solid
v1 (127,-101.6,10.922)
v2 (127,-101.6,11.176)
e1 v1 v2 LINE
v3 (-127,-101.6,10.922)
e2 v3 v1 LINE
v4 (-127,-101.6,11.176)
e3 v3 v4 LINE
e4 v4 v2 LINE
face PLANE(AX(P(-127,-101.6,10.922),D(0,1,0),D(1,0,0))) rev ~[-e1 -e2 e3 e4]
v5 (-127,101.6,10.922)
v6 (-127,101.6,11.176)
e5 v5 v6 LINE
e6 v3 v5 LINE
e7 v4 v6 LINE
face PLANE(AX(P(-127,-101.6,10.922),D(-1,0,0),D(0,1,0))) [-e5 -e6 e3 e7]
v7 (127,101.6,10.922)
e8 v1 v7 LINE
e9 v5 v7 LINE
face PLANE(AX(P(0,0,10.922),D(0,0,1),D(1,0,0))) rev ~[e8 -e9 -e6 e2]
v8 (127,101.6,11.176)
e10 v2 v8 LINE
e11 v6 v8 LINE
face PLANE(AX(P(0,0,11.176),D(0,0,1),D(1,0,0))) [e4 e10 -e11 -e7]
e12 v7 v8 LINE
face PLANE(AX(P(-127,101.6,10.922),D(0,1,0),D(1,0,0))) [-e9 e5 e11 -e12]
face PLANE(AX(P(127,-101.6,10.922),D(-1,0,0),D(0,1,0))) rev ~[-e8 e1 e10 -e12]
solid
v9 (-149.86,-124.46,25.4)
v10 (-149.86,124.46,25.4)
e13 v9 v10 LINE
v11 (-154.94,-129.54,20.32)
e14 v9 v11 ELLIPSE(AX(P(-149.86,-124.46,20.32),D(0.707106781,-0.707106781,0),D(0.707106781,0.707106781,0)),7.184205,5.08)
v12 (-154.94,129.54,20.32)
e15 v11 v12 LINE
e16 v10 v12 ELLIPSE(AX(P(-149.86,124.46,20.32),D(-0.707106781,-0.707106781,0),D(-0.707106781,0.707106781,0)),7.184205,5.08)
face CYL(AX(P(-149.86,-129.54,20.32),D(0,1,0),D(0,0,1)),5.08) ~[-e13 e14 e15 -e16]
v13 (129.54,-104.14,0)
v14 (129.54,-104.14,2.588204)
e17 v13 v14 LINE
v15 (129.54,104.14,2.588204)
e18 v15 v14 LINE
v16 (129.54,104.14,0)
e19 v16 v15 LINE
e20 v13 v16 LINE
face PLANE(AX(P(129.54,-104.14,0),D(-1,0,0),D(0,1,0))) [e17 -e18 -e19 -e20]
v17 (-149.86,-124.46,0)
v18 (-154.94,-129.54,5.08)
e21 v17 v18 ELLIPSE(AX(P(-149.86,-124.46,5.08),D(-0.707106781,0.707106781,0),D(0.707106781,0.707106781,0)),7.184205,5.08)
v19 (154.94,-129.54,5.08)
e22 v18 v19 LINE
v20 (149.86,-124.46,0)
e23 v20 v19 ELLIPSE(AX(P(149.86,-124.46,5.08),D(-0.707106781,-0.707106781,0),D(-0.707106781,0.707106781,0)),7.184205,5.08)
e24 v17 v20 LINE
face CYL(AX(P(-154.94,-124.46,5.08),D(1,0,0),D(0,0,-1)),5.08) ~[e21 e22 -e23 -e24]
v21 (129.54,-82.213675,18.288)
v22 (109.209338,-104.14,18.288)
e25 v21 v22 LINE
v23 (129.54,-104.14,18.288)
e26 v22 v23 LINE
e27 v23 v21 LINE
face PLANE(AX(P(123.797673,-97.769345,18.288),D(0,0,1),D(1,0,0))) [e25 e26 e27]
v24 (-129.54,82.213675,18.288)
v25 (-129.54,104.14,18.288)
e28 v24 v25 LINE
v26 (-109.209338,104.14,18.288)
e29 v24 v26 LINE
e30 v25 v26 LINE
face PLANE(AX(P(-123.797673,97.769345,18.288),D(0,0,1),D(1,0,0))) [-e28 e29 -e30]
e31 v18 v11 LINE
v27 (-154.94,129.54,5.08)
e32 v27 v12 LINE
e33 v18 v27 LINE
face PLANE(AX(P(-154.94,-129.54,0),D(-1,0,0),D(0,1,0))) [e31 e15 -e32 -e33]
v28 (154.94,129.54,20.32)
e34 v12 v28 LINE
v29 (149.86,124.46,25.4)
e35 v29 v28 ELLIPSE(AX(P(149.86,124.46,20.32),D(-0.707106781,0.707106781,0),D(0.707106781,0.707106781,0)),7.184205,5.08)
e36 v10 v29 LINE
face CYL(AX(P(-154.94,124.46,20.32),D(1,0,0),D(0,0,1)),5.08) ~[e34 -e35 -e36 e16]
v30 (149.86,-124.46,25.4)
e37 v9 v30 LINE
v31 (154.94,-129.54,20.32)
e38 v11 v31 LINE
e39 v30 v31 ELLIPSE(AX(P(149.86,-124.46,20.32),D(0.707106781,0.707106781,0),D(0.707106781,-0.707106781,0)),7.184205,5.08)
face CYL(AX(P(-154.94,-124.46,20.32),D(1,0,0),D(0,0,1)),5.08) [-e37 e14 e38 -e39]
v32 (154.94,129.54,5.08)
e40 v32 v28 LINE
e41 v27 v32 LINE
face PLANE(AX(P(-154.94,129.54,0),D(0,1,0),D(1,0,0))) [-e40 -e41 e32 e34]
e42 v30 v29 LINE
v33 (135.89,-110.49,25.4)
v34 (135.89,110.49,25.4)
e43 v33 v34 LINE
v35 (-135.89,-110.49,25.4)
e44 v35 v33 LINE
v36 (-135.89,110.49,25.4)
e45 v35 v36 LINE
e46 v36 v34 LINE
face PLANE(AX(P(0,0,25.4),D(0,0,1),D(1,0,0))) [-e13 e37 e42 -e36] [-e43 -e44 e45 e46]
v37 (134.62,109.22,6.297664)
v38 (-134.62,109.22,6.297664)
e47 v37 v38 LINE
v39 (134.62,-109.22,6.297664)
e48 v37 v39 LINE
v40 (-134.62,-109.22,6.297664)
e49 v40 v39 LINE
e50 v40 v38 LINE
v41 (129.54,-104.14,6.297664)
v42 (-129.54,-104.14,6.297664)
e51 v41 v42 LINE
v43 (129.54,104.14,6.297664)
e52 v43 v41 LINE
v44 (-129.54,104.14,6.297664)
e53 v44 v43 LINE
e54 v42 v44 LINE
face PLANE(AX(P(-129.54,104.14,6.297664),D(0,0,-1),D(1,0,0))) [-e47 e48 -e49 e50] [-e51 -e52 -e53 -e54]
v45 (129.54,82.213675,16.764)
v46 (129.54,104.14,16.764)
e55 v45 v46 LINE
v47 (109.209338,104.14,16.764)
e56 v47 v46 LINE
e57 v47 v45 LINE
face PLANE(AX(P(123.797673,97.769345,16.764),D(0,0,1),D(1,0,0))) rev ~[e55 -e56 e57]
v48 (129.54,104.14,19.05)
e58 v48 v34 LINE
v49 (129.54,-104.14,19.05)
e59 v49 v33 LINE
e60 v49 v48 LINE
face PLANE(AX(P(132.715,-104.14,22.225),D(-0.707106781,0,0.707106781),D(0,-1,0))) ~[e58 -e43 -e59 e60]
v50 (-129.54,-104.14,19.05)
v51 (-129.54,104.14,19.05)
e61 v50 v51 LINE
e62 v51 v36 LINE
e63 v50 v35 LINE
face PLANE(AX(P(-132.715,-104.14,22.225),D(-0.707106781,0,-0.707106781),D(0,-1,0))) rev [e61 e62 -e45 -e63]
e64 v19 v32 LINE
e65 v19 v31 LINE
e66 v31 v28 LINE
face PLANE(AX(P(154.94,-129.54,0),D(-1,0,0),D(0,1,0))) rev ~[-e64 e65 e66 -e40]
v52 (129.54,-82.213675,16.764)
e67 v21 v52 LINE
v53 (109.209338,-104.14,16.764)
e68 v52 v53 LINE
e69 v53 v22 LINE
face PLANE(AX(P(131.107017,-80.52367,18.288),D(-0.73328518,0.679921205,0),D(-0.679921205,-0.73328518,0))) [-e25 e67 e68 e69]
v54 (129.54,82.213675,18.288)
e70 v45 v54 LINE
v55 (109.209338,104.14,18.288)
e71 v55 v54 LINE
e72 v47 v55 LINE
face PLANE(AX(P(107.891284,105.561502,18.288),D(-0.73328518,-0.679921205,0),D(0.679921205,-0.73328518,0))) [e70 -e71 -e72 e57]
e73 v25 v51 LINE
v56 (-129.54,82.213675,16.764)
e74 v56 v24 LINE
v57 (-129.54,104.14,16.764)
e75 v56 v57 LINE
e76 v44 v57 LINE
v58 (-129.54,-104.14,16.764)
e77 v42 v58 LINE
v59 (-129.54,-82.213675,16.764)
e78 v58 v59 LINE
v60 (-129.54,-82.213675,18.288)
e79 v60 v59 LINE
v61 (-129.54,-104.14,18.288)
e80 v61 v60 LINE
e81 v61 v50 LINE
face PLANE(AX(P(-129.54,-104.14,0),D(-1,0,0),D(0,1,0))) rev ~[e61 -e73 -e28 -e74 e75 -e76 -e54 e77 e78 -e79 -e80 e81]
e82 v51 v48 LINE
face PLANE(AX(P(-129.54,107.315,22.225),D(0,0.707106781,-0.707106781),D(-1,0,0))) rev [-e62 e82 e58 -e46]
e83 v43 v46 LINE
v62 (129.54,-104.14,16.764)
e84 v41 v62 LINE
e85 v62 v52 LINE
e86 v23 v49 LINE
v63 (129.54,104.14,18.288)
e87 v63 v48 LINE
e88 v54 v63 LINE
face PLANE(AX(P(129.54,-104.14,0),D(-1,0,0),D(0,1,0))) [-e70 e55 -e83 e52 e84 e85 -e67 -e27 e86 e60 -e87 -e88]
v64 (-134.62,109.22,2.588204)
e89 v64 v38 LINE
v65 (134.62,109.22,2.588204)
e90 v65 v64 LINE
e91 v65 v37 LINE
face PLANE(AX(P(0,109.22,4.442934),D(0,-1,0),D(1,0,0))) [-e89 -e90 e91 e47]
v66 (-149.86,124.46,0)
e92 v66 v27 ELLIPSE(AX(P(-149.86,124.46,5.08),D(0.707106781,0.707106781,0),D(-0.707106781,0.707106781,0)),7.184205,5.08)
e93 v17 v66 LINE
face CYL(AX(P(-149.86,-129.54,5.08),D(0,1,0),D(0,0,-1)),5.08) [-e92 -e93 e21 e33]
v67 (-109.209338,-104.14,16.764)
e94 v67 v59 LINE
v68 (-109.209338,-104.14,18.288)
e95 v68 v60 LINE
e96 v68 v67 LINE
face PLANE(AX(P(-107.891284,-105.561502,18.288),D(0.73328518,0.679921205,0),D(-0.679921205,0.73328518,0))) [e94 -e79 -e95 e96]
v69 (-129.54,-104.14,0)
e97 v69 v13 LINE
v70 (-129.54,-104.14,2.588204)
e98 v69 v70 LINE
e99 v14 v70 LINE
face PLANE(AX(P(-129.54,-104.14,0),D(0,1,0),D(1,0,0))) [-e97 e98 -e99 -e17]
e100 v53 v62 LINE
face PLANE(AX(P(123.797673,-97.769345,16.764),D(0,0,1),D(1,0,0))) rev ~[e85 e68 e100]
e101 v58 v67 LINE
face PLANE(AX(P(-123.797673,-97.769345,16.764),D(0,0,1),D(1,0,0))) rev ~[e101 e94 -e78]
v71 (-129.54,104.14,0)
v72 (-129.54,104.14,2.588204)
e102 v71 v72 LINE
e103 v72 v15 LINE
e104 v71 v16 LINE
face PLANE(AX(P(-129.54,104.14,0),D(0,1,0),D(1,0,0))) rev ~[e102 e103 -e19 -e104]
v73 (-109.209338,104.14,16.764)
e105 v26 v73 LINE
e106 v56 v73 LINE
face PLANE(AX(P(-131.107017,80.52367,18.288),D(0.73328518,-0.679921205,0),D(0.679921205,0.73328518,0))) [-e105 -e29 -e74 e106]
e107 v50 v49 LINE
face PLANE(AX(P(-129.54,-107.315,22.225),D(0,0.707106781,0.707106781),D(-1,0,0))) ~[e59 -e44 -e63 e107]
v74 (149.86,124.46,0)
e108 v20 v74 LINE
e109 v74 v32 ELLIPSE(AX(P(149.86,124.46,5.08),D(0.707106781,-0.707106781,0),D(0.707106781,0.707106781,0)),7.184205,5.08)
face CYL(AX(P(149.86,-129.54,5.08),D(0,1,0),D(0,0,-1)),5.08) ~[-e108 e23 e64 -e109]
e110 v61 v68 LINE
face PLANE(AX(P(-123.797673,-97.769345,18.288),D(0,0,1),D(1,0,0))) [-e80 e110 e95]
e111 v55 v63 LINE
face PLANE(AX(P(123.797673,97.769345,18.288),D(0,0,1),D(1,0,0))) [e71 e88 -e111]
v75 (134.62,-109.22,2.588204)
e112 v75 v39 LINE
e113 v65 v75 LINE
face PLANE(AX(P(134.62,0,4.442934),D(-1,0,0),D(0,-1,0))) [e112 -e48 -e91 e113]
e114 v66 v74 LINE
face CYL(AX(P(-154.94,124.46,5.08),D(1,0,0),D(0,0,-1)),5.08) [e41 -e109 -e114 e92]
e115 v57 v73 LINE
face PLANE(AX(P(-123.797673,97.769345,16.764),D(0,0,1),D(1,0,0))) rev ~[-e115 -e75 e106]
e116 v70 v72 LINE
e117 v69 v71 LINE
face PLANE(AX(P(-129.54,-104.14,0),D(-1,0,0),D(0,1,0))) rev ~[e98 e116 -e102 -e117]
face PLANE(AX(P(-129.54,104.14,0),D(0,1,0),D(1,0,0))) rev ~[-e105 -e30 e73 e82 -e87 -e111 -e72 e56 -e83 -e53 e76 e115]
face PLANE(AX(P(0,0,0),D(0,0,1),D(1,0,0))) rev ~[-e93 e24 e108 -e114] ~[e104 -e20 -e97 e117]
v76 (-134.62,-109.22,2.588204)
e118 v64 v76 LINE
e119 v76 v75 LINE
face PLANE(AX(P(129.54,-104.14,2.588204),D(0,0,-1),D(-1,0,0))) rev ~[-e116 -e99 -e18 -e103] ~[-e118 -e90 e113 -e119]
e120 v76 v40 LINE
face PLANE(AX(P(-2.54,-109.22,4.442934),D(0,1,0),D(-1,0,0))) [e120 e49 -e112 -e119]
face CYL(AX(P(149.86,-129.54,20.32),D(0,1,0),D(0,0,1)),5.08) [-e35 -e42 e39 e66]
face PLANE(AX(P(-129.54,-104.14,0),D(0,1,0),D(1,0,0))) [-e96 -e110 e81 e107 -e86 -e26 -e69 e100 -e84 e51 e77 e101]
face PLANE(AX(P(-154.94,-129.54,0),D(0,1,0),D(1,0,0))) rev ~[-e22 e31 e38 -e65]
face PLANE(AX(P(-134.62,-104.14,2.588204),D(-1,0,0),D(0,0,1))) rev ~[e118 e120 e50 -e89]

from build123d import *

# Parameters (mm, degrees)
F0_W      = 254
F0_H      = 203.2
F1_DEPTH  = 0.254
F0_W_2    = 309.88
F0_H_2    = 259.08
F0_W_3    = 259.08
F0_H_3    = 208.28
F2_DEPTH  = 25.4
F3_SIZE   = 6.35
F5_R      = 5.08
F6_W      = 259.08
F6_H      = 3.7094606087
F7_DEPTH  = 5.08
F8_W      = 213.36
F8_H      = 3.7094606087
F9_DEPTH  = 5.08
F10_W     = 264.16
F10_H     = 3.7094606087
F11_DEPTH = 5.08
F12_W     = 218.44
F12_H     = 3.7094606087
F13_DEPTH = 5.08
F16_DEPTH = 1.524


with BuildPart() as f1:
    # F0 (on Top) → F1 (new body)
    with BuildSketch(Plane.XY):
        Rectangle(F0_W, F0_H)
    extrude(amount=F1_DEPTH)


with BuildPart() as f2:
    # F0 (on Top) → F2 (new body)
    with BuildSketch(Plane.XY):
        Rectangle(F0_W_2, F0_H_2)
        Rectangle(F0_W_3, F0_H_3, mode=Mode.SUBTRACT)
    extrude(amount=F2_DEPTH)

    # F3
    f3_edges = [f2.edges().sort_by_distance(p)[0] for p in [
        (0, 104.14, 25.4),
        (-129.54, 0, 25.4),
        (129.54, 0, 25.4),
        (0, -104.14, 25.4),
    ]]
    chamfer(f3_edges, length=F3_SIZE)

    # F5
    f5_edges = [f2.edges().sort_by_distance(p)[0] for p in [
        (-154.94, 0, 25.4),
        (0, -129.54, 25.4),
        (154.94, 0, 25.4),
        (0, 129.54, 25.4),
        (154.94, 0, 0),
        (0, -129.54, 0),
        (-154.94, 0, 0),
        (0, 129.54, 0),
    ]]
    fillet(f5_edges, radius=F5_R)

    # F6 (on face) → F7 (cut)
    with BuildSketch(Plane.XZ.offset(-104.14)):
        with Locations((0, 4.4429339468)):
            Rectangle(F6_W, F6_H)
    extrude(amount=-F7_DEPTH, mode=Mode.SUBTRACT)

    # F8 (on face) → F9 (cut)
    with BuildSketch(Plane.YZ.offset(-129.54)):
        with Locations((2.54, 4.4429339468)):
            Rectangle(F8_W, F8_H)
    extrude(amount=-F9_DEPTH, mode=Mode.SUBTRACT)

    # F10 (on face) → F11 (cut)
    with BuildSketch(Plane(origin=(0, -104.14, 0), x_dir=(-1, 0, 0), z_dir=(0, 1, 0))):
        with Locations((2.54, 4.4429339468)):
            Rectangle(F10_W, F10_H)
    extrude(amount=-F11_DEPTH, mode=Mode.SUBTRACT)

    # F12 (on face) → F13 (cut)
    with BuildSketch(Plane(origin=(129.54, 0, 0), x_dir=(0, -1, 0), z_dir=(-1, 0, 0))):
        with Locations((0, 4.4429339468)):
            Rectangle(F12_W, F12_H)
    extrude(amount=-F13_DEPTH, mode=Mode.SUBTRACT)

    # F15 (on offset) → F16 (join)
    with BuildSketch(Plane.XY.offset(18.288)):
        Polygon((-131.1070173979, 80.5236697197), (-107.8912839293, 105.5615022779), (-132.7292174101, 109.3422397971), align=None)
        Polygon((-132.7292174101, -109.3422397971), (-107.8912839293, -105.5615022779), (-131.1070173979, -80.5236697197), align=None)
        Polygon((132.7292174101, 109.3422397971), (107.8912839293, 105.5615022779), (131.1070173979, 80.5236697197), align=None)
        Polygon((131.1070173979, -80.5236697197), (107.8912839293, -105.5615022779), (132.7292174101, -109.3422397971), align=None)
    extrude(amount=-F16_DEPTH)


with BuildPart() as f1_1:
    # F4: moved
    add(f1.part.moved(Location((0, 0, 10.922))))


solid = Compound([f2.part, f1_1.part])
